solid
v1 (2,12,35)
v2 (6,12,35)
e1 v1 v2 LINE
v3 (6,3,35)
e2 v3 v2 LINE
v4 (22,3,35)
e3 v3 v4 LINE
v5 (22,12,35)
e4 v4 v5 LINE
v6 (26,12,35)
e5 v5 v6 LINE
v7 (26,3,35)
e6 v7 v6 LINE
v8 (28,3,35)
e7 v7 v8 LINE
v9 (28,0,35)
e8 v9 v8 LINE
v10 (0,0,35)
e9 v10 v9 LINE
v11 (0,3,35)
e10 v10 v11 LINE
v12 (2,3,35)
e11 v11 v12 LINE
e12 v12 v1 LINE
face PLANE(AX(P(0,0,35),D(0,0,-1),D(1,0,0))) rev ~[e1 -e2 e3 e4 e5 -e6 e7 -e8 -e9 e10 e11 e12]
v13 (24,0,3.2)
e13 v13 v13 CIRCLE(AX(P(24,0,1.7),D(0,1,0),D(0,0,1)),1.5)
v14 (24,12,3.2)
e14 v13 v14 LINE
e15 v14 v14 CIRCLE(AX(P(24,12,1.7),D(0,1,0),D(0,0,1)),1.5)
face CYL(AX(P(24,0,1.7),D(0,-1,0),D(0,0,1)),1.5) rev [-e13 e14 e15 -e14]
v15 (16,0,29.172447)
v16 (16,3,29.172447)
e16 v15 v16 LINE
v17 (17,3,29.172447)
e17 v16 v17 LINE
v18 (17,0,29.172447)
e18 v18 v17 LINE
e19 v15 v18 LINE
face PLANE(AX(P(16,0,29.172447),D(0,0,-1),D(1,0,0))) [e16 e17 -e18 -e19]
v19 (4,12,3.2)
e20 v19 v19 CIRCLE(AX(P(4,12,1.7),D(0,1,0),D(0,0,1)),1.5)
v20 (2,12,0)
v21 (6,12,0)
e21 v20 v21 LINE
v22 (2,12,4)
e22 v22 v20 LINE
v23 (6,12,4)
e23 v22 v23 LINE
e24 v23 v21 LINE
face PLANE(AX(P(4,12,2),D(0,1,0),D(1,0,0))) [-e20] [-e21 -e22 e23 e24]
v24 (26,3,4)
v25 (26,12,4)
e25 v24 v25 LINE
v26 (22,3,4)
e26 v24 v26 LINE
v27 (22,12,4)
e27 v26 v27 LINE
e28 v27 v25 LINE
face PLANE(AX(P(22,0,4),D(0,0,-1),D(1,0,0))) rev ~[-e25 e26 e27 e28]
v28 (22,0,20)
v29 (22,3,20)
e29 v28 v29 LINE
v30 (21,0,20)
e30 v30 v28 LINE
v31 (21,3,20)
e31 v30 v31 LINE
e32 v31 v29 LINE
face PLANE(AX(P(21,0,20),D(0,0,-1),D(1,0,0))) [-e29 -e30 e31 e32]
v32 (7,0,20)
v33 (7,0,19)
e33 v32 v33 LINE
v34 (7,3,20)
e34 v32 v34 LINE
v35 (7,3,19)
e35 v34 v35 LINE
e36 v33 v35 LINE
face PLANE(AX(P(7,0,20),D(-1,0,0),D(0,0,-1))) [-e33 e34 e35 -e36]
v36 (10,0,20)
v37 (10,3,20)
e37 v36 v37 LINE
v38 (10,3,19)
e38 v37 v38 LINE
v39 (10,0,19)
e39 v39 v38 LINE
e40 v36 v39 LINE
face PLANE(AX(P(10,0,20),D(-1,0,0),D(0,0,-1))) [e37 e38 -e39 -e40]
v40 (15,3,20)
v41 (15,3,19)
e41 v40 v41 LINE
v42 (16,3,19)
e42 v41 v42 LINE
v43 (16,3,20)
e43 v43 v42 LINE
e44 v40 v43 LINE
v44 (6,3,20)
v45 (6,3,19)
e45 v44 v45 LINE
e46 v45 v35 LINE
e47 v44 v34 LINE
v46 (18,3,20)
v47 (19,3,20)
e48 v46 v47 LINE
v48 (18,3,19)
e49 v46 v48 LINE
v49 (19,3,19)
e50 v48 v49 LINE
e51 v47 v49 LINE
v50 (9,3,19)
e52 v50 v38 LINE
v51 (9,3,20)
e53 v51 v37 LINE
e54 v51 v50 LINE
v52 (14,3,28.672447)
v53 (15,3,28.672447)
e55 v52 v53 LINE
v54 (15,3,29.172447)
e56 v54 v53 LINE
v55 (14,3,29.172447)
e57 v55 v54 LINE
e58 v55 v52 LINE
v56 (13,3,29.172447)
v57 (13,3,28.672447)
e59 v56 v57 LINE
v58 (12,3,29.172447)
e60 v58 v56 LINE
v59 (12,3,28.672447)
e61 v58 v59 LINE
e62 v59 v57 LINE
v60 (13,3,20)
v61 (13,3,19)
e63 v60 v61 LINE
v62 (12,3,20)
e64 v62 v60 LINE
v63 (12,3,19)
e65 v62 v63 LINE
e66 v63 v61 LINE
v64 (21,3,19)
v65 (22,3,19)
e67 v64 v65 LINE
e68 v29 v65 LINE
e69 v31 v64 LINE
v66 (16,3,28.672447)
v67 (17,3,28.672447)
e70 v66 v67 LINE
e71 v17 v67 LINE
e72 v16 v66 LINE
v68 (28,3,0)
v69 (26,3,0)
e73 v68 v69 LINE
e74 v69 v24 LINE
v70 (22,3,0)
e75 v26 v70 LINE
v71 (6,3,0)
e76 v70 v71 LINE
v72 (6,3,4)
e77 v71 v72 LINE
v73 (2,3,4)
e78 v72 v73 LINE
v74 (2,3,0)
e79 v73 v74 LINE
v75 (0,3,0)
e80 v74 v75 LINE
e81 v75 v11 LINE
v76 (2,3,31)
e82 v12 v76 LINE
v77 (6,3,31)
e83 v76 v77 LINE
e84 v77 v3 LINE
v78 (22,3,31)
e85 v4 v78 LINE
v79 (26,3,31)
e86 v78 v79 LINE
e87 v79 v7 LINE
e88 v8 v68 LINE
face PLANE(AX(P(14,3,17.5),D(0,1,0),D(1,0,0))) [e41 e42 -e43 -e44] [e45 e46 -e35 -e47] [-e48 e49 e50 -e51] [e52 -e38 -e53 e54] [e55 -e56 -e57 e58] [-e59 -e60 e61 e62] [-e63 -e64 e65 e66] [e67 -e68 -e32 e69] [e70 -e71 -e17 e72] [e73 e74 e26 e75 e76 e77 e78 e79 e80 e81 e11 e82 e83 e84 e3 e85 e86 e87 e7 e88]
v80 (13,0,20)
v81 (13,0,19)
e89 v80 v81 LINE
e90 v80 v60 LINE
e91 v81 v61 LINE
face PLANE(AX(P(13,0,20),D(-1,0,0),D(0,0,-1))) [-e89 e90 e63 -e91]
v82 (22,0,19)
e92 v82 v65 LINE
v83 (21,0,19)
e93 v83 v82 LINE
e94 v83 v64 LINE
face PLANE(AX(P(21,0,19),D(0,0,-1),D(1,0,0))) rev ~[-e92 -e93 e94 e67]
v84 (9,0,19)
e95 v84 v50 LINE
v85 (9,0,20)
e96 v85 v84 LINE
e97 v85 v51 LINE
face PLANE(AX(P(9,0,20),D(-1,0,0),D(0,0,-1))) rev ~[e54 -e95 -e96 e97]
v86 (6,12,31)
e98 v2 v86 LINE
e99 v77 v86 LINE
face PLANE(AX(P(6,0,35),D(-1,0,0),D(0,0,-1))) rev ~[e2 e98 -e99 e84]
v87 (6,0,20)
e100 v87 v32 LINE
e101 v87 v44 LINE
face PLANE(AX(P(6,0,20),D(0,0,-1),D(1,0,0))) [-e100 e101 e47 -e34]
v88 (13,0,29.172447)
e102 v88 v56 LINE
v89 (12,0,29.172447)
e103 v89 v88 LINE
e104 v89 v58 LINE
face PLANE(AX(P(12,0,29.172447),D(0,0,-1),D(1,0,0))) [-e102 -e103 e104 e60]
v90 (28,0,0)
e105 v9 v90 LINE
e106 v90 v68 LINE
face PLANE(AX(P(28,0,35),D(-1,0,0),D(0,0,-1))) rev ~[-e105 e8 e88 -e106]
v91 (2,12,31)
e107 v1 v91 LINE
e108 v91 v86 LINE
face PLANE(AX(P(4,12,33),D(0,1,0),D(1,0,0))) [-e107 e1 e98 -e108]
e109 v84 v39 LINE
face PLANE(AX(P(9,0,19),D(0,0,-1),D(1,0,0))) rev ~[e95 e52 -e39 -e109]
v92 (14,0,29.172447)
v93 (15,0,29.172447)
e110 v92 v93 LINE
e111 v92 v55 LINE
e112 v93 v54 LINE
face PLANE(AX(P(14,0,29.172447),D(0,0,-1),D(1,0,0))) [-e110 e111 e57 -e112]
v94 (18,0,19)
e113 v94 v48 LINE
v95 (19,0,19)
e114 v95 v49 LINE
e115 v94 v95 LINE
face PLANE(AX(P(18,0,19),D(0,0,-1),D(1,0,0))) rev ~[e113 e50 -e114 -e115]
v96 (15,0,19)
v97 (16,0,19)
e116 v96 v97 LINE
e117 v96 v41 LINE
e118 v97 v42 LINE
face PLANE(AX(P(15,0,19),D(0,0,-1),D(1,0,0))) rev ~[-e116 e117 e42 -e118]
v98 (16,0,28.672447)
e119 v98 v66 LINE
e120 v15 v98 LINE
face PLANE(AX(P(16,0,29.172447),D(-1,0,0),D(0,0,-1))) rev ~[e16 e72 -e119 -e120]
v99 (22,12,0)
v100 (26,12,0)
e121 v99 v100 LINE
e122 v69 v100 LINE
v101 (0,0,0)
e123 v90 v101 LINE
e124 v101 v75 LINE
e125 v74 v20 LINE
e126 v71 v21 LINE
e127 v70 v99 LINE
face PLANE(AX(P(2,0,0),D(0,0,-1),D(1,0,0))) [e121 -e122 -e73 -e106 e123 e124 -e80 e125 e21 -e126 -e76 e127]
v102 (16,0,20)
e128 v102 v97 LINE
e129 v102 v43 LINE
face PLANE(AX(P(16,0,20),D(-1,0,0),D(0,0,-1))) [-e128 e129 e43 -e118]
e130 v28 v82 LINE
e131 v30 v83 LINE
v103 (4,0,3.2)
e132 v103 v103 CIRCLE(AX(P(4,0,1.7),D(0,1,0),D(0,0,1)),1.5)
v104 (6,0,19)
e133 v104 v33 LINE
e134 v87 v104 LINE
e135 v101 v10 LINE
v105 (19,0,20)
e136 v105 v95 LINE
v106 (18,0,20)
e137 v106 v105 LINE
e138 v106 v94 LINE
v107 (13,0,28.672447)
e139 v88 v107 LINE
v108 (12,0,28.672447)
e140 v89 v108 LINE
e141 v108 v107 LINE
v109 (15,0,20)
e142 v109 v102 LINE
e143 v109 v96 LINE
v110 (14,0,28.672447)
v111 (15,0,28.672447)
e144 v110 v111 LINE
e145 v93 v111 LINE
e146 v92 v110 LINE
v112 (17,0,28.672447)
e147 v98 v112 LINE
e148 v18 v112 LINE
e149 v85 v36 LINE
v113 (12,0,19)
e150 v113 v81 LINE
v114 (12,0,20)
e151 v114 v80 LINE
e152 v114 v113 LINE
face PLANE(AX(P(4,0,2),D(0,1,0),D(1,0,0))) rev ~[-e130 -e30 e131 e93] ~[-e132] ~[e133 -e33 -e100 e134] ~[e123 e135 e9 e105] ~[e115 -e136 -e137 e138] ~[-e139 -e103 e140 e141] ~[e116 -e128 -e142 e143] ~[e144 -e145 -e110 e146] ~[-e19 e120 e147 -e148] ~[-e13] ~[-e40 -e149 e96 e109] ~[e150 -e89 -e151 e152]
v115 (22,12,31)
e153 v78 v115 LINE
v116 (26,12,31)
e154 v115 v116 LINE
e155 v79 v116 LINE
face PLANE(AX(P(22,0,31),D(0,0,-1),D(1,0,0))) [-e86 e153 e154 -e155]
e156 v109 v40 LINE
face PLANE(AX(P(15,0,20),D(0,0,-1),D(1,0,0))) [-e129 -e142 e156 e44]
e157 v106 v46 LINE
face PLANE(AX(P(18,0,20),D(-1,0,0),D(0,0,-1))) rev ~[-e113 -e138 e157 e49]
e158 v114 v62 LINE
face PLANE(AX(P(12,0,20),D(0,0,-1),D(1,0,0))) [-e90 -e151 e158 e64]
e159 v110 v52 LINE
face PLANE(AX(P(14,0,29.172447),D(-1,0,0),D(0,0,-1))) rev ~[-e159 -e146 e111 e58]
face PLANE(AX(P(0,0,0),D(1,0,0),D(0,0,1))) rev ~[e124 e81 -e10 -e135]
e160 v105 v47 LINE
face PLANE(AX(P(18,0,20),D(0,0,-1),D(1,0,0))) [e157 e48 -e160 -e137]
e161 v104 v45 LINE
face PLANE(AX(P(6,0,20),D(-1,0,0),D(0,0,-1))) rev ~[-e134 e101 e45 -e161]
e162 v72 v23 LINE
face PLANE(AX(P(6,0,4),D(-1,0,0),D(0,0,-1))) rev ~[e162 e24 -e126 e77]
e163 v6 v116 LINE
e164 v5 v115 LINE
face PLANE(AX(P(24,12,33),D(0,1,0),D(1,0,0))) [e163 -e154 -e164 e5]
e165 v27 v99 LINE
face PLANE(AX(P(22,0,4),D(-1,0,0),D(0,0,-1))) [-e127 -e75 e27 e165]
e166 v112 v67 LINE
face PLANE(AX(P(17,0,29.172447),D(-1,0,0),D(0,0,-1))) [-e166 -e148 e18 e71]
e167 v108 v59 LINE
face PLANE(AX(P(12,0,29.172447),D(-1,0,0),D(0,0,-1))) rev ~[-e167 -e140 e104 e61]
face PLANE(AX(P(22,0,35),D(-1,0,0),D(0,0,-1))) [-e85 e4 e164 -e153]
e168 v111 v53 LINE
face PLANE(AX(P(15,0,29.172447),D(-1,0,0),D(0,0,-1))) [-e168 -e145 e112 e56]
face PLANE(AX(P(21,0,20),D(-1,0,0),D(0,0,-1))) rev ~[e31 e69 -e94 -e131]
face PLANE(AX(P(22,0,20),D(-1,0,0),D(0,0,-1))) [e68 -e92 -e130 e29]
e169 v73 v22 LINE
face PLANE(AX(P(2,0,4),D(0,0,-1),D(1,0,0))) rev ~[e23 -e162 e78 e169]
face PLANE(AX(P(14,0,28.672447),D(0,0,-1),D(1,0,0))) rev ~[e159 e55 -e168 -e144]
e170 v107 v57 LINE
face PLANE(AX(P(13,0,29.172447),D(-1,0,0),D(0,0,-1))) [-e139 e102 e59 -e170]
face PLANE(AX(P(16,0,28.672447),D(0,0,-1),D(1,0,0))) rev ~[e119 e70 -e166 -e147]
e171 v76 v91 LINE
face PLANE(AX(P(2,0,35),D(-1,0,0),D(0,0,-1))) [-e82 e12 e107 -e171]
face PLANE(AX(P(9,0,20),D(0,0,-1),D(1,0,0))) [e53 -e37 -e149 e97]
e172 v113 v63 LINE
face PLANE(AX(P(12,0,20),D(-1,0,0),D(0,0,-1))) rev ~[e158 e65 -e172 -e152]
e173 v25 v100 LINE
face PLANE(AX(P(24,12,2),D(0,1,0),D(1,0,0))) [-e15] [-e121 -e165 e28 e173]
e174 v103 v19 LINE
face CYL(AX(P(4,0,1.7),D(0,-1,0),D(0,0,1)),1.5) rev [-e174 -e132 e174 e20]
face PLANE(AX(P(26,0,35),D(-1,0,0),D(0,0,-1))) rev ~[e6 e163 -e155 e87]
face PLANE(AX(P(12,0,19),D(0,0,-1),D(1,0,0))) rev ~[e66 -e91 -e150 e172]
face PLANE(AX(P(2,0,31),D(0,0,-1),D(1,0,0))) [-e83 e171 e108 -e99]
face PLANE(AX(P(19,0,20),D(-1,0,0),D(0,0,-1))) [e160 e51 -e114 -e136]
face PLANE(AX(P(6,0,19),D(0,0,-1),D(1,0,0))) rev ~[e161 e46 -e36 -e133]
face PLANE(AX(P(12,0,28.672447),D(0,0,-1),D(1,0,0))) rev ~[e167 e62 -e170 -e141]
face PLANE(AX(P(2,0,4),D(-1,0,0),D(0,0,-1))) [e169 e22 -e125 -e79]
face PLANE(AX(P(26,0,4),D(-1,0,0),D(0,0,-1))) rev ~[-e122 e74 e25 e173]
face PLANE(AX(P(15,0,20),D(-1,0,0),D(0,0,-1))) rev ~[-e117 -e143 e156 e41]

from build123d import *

# Parameters (mm, degrees)
ESQUISSE1_W        = 1
ESQUISSE1_H        = 0.5
ESQUISSE1_H_2      = 1
BOSS_EXTRU_2_DEPTH = 3
ESQUISSE1_4_W      = 4
ESQUISSE1_4_H      = 4
ESQUISSE1_4_R      = 1.5
BOSS_EXTRU_3_DEPTH = 12


with BuildPart() as part:
    # Esquisse1 → Boss.-Extru.2 (new body)
    with BuildSketch(Plane(origin=(0, 0, 0), x_dir=(1, 0, 0), z_dir=(0, 1, 0))):
        Polygon((2, 0), (0, 0), (0, -35), (2, -35), (2, -31), (6, -31), (6, -35), (22, -35), (22, -31), (26, -31), (26, -35), (28, -35), (28, 0), (26, 0), (26, -4), (22, -4), (22, 0), (6, 0), (6, -4), (2, -4), align=None)
        with Locations((12.5, -28.922446553)):
            Rectangle(ESQUISSE1_W, ESQUISSE1_H, mode=Mode.SUBTRACT)
        with Locations((6.5, -19.5)):
            Rectangle(ESQUISSE1_W, ESQUISSE1_H_2, mode=Mode.SUBTRACT)
        with Locations((9.5, -19.5)):
            Rectangle(ESQUISSE1_W, ESQUISSE1_H_2, mode=Mode.SUBTRACT)
        with Locations((12.5, -19.5)):
            Rectangle(ESQUISSE1_W, ESQUISSE1_H_2, mode=Mode.SUBTRACT)
        with Locations((14.5, -28.922446553)):
            Rectangle(ESQUISSE1_W, ESQUISSE1_H, mode=Mode.SUBTRACT)
        with Locations((16.5, -28.922446553)):
            Rectangle(ESQUISSE1_W, ESQUISSE1_H, mode=Mode.SUBTRACT)
        with Locations((15.5, -19.5)):
            Rectangle(ESQUISSE1_W, ESQUISSE1_H_2, mode=Mode.SUBTRACT)
        with Locations((18.5, -19.5)):
            Rectangle(ESQUISSE1_W, ESQUISSE1_H_2, mode=Mode.SUBTRACT)
        with Locations((21.5, -19.5)):
            Rectangle(ESQUISSE1_W, ESQUISSE1_H_2, mode=Mode.SUBTRACT)
    extrude(amount=BOSS_EXTRU_2_DEPTH)

    # Esquisse1<4> → Boss.-Extru.3 (add)
    # profile 1 of 4: a face of its own
    with BuildSketch(Plane(origin=(0, 0, 0), x_dir=(1, 0, 0), z_dir=(0, 1, 0))):
        with Locations((4, -2)):
            Rectangle(ESQUISSE1_4_W, ESQUISSE1_4_H)
        with Locations((4, -1.7)):
            Circle(ESQUISSE1_4_R, mode=Mode.SUBTRACT)
    # profile 2 of 4: a face of its own
    with BuildSketch(Plane(origin=(0, 0, 0), x_dir=(1, 0, 0), z_dir=(0, 1, 0))):
        with Locations((4, -33)):
            Rectangle(ESQUISSE1_4_W, ESQUISSE1_4_H)
    # profile 3 of 4: a face of its own
    with BuildSketch(Plane(origin=(0, 0, 0), x_dir=(1, 0, 0), z_dir=(0, 1, 0))):
        with Locations((24, -2)):
            Rectangle(ESQUISSE1_4_W, ESQUISSE1_4_H)
        with Locations((24, -1.7)):
            Circle(ESQUISSE1_4_R, mode=Mode.SUBTRACT)
    # profile 4 of 4: a face of its own
    with BuildSketch(Plane(origin=(0, 0, 0), x_dir=(1, 0, 0), z_dir=(0, 1, 0))):
        with Locations((24, -33)):
            Rectangle(ESQUISSE1_4_W, ESQUISSE1_4_H)
    extrude(amount=BOSS_EXTRU_3_DEPTH)


solid = part.part
